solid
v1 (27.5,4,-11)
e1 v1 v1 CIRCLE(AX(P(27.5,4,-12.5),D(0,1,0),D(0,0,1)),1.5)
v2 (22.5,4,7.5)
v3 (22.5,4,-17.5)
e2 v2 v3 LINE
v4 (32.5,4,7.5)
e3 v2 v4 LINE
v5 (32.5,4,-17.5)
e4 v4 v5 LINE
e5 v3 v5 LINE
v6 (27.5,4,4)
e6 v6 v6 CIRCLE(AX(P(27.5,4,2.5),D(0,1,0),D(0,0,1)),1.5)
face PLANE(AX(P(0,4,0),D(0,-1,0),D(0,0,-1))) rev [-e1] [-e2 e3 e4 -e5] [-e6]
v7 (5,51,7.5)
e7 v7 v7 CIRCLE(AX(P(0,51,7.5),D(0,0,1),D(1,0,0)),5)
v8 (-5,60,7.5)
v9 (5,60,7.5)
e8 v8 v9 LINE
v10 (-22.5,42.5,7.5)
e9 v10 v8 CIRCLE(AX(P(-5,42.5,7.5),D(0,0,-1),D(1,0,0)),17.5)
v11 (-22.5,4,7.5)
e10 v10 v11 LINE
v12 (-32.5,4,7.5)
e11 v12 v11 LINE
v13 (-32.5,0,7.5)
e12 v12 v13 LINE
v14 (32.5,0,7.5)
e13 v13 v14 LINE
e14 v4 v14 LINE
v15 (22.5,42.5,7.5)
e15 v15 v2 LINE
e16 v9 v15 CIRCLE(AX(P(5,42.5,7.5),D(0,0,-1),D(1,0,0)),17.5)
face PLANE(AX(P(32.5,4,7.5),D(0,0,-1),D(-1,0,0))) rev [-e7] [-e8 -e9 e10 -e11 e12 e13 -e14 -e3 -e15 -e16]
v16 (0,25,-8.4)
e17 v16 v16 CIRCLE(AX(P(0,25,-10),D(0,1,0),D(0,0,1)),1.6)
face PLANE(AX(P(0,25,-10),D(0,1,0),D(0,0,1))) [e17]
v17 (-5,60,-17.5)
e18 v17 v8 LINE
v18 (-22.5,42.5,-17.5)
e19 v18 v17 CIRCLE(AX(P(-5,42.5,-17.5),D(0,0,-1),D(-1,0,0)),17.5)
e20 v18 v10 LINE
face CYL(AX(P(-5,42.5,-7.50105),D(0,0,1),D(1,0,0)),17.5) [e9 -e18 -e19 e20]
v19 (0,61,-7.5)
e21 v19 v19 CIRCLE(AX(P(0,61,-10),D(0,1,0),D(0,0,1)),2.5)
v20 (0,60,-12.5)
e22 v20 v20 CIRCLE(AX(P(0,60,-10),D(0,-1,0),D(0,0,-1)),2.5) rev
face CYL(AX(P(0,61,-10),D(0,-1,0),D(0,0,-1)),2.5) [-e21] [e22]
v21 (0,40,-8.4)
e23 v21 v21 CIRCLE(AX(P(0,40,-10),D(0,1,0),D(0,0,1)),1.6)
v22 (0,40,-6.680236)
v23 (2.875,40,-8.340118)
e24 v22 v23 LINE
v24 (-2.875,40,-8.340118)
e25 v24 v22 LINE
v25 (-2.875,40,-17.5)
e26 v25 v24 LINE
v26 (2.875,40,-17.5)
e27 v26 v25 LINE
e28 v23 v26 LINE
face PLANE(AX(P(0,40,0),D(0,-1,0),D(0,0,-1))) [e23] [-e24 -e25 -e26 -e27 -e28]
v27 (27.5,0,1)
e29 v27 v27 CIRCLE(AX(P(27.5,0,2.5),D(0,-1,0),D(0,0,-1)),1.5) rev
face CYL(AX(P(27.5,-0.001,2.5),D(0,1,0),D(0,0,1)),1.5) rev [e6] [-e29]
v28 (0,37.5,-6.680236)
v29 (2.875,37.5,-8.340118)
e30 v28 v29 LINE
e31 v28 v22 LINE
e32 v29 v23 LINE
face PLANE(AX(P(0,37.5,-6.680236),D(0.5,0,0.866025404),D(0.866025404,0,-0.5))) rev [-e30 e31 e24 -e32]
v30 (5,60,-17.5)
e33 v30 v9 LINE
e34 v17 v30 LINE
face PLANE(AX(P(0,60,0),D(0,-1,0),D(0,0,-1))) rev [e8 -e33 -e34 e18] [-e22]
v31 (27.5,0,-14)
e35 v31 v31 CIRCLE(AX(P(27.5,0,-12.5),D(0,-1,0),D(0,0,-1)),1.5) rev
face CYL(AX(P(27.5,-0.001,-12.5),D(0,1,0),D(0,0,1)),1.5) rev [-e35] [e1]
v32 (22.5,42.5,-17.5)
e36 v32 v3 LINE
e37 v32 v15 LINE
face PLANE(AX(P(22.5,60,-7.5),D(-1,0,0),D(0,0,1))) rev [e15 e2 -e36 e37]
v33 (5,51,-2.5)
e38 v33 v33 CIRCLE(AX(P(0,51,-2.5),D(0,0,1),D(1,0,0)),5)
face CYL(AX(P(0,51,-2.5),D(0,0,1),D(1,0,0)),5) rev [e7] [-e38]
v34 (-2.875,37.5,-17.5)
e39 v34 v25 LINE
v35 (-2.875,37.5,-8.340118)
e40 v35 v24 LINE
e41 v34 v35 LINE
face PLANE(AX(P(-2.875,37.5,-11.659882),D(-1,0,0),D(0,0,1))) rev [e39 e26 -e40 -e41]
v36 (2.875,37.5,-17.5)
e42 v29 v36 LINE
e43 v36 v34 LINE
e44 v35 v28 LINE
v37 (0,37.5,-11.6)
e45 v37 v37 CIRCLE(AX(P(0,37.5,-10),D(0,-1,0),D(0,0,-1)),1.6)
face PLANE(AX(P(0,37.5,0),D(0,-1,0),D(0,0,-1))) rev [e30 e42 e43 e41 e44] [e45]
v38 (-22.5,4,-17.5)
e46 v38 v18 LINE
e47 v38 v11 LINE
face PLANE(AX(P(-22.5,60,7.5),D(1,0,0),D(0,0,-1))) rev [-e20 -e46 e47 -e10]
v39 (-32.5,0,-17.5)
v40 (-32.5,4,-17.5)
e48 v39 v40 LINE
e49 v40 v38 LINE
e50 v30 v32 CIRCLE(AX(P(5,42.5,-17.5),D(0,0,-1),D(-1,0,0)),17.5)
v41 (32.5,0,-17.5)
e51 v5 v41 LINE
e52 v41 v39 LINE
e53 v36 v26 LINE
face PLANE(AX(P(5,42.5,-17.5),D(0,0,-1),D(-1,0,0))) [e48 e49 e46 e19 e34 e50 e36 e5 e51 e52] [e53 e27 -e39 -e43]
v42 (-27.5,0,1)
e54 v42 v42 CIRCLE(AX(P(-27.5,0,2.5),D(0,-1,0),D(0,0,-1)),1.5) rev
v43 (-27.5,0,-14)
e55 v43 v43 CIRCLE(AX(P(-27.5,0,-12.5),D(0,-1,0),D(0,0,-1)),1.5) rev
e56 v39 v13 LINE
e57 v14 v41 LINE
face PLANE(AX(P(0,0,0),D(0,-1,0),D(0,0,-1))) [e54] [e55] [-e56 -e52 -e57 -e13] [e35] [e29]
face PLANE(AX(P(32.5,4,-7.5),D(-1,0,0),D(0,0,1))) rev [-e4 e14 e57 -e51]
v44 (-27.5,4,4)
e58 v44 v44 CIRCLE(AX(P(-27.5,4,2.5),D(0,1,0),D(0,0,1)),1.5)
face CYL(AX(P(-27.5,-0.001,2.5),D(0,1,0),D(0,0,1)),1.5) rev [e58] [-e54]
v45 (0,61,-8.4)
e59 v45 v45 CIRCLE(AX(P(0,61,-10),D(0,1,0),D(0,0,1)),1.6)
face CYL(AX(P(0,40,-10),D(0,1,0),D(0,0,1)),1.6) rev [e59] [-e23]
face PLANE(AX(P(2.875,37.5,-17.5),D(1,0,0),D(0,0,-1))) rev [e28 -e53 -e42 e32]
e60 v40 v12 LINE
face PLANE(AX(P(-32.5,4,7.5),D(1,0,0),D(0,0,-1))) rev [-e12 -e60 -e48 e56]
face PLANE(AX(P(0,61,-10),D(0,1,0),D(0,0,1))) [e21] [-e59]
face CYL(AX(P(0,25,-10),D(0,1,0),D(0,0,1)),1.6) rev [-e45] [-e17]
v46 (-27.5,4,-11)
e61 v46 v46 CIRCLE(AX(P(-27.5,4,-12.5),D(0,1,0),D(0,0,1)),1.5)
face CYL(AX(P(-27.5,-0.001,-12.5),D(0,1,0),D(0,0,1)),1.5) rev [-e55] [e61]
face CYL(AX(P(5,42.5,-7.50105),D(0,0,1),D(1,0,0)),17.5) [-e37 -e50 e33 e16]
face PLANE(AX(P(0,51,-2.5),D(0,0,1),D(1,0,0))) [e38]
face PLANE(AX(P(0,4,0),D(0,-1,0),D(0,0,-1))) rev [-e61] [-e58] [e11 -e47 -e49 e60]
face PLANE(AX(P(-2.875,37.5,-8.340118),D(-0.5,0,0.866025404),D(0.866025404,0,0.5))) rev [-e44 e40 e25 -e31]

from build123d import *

# Parameters (mm, degrees)
SKETCH1_W           = 65
SKETCH1_H           = 15
BOSS_EXTRUDE1_DEPTH = 4
SKETCH2_W           = 45
SKETCH2_H           = 15
BOSS_EXTRUDE2_DEPTH = 56
SKETCH3_R           = 5
CUT_EXTRUDE1_DEPTH  = 10
CUT_EXTRUDE5_REACH  = 17
BOSS_EXTRUDE3_DEPTH = 10
CUT_EXTRUDE6_REACH  = 6
SKETCH8_R           = 1.5
CUT_EXTRUDE7_DEPTH  = 22.5
SKETCH10_R          = 1.6
BOSS_EXTRUDE4_DEPTH = 20
SKETCH11_R          = 1.6
CUT_EXTRUDE8_DEPTH  = 35
SKETCH12_R          = 2.5
SKETCH12_R_2        = 1.6
BOSS_EXTRUDE5_DEPTH = 1


with BuildPart() as part:
    # Sketch1 → Boss-Extrude1 (new body)
    with BuildSketch(Plane(origin=(0, 0, 0), x_dir=(1, 0, 0), z_dir=(0, 1, 0))):
        Rectangle(SKETCH1_W, SKETCH1_H)
    extrude(amount=BOSS_EXTRUDE1_DEPTH)

    # Sketch2 → Boss-Extrude2 (add)
    with BuildSketch(Plane(origin=(0, 4, 0), x_dir=(1, 0, 0), z_dir=(0, 1, 0))):
        Rectangle(SKETCH2_W, SKETCH2_H)
    extrude(amount=BOSS_EXTRUDE2_DEPTH)

    # Sketch3 → Cut-Extrude1 (cut)
    with BuildSketch(Plane.XY.offset(7.5)):
        with Locations((0, 51)):
            Circle(SKETCH3_R)
    extrude(amount=-CUT_EXTRUDE1_DEPTH, mode=Mode.SUBTRACT)

    # Sketch6 → Cut-Extrude5 (cut, up to next)
    with BuildSketch(Plane.XY.offset(7.5), mode=Mode.PRIVATE) as cut_extrude5_sk1:
        with BuildLine():
            Line((5, 60), (22.5, 60))
            Line((22.5, 60), (22.5, 42.5))
            ThreePointArc((22.5, 42.5), (17.374368671, 54.874368671), (5, 60))
        make_face()
    cut_extrude5_tool1 = extrude(cut_extrude5_sk1.sketch, amount=-CUT_EXTRUDE5_REACH, mode=Mode.PRIVATE) & part.part
    add(cut_extrude5_tool1.solids().sort_by_distance((18.591061, 56.091061, 7.5))[0], mode=Mode.SUBTRACT)
    # Sketch6 → Cut-Extrude5 (cut, up to next)
    with BuildSketch(Plane.XY.offset(7.5), mode=Mode.PRIVATE) as cut_extrude5_sk2:
        with BuildLine():
            Line((-22.5, 42.5), (-22.5, 60))
            Line((-22.5, 60), (-5, 60))
            ThreePointArc((-5, 60), (-17.374368671, 54.874368671), (-22.5, 42.5))
        make_face()
    cut_extrude5_tool2 = extrude(cut_extrude5_sk2.sketch, amount=-CUT_EXTRUDE5_REACH, mode=Mode.PRIVATE) & part.part
    add(cut_extrude5_tool2.solids().sort_by_distance((-18.591061, 56.091061, 7.5))[0], mode=Mode.SUBTRACT)

    # Sketch7 → Boss-Extrude3 (add)
    with BuildSketch(Plane(origin=(0, 0, -7.5), x_dir=(-1, 0, 0), z_dir=(0, 0, -1))):
        with BuildLine():
            Line((-22.5, 42.5), (-22.5, 4))
            Line((-22.5, 4), (-32.5, 4))
            Line((-32.5, 4), (-32.5, 0))
            Line((-32.5, 0), (32.5, 0))
            Line((32.5, 0), (32.5, 4))
            Line((32.5, 4), (22.5, 4))
            Line((22.5, 4), (22.5, 42.5))
            ThreePointArc((22.5, 42.5), (17.374368671, 54.874368671), (5, 60))
            Line((5, 60), (-5, 60))
            ThreePointArc((-5, 60), (-17.374368671, 54.874368671), (-22.5, 42.5))
        make_face()
    extrude(amount=BOSS_EXTRUDE3_DEPTH)

    # Sketch8 → Cut-Extrude6 (cut, up to next)
    with BuildSketch(Plane(origin=(0, 4, 0), x_dir=(1, 0, 0), z_dir=(0, 1, 0)), mode=Mode.PRIVATE) as cut_extrude6_sk1:
        with Locations((-27.5, -2.5)):
            Circle(SKETCH8_R)
    cut_extrude6_tool1 = extrude(cut_extrude6_sk1.sketch, amount=-CUT_EXTRUDE6_REACH, mode=Mode.PRIVATE) & part.part
    add(cut_extrude6_tool1.solids().sort_by_distance((-27.5, 4, 2.5))[0], mode=Mode.SUBTRACT)
    # Sketch8 → Cut-Extrude6 (cut, up to next)
    with BuildSketch(Plane(origin=(0, 4, 0), x_dir=(1, 0, 0), z_dir=(0, 1, 0)), mode=Mode.PRIVATE) as cut_extrude6_sk2:
        with Locations((-27.5, 12.5)):
            Circle(SKETCH8_R)
    cut_extrude6_tool2 = extrude(cut_extrude6_sk2.sketch, amount=-CUT_EXTRUDE6_REACH, mode=Mode.PRIVATE) & part.part
    add(cut_extrude6_tool2.solids().sort_by_distance((-27.5, 4, -12.5))[0], mode=Mode.SUBTRACT)
    # Sketch8 → Cut-Extrude6 (cut, up to next)
    with BuildSketch(Plane(origin=(0, 4, 0), x_dir=(1, 0, 0), z_dir=(0, 1, 0)), mode=Mode.PRIVATE) as cut_extrude6_sk3:
        with Locations((27.5, 12.5)):
            Circle(SKETCH8_R)
    cut_extrude6_tool3 = extrude(cut_extrude6_sk3.sketch, amount=-CUT_EXTRUDE6_REACH, mode=Mode.PRIVATE) & part.part
    add(cut_extrude6_tool3.solids().sort_by_distance((27.5, 4, -12.5))[0], mode=Mode.SUBTRACT)
    # Sketch8 → Cut-Extrude6 (cut, up to next)
    with BuildSketch(Plane(origin=(0, 4, 0), x_dir=(1, 0, 0), z_dir=(0, 1, 0)), mode=Mode.PRIVATE) as cut_extrude6_sk4:
        with Locations((27.5, -2.5)):
            Circle(SKETCH8_R)
    cut_extrude6_tool4 = extrude(cut_extrude6_sk4.sketch, amount=-CUT_EXTRUDE6_REACH, mode=Mode.PRIVATE) & part.part
    add(cut_extrude6_tool4.solids().sort_by_distance((27.5, 4, 2.5))[0], mode=Mode.SUBTRACT)

    # Sketch9 → Cut-Extrude7 (cut)
    with BuildSketch(Plane(origin=(0, 60, 0), x_dir=(1, 0, 0), z_dir=(0, 1, 0))):
        Polygon((-2.875, 11.659882024), (-2.875, 17.5), (2.875, 17.5), (2.875, 11.659882024), (2.875, 8.340117976), (0, 6.680235952), (-2.875, 8.340117976), align=None)
    extrude(amount=-CUT_EXTRUDE7_DEPTH, mode=Mode.SUBTRACT)

    # Sketch10 → Boss-Extrude4 (add)
    with BuildSketch(Plane(origin=(0, 60, 0), x_dir=(1, 0, 0), z_dir=(0, 1, 0))):
        Polygon((0, 6.680235952), (2.875, 8.340117976), (2.875, 17.5), (-2.875, 17.5), (-2.875, 8.340117976), align=None)
        with Locations((0, 10)):
            Circle(SKETCH10_R, mode=Mode.SUBTRACT)
    extrude(amount=-BOSS_EXTRUDE4_DEPTH)

    # Sketch11 → Cut-Extrude8 (cut)
    with BuildSketch(Plane(origin=(0, 60, 0), x_dir=(1, 0, 0), z_dir=(0, 1, 0))):
        with Locations((0, 10)):
            Circle(SKETCH11_R)
    extrude(amount=-CUT_EXTRUDE8_DEPTH, mode=Mode.SUBTRACT)

    # Sketch12 → Boss-Extrude5 (add)
    with BuildSketch(Plane(origin=(0, 60, 0), x_dir=(1, 0, 0), z_dir=(0, 1, 0))):
        with Locations((0, 10)):
            Circle(SKETCH12_R)
        with Locations((0, 10)):
            Circle(SKETCH12_R_2, mode=Mode.SUBTRACT)
    extrude(amount=BOSS_EXTRUDE5_DEPTH)


solid = part.part
